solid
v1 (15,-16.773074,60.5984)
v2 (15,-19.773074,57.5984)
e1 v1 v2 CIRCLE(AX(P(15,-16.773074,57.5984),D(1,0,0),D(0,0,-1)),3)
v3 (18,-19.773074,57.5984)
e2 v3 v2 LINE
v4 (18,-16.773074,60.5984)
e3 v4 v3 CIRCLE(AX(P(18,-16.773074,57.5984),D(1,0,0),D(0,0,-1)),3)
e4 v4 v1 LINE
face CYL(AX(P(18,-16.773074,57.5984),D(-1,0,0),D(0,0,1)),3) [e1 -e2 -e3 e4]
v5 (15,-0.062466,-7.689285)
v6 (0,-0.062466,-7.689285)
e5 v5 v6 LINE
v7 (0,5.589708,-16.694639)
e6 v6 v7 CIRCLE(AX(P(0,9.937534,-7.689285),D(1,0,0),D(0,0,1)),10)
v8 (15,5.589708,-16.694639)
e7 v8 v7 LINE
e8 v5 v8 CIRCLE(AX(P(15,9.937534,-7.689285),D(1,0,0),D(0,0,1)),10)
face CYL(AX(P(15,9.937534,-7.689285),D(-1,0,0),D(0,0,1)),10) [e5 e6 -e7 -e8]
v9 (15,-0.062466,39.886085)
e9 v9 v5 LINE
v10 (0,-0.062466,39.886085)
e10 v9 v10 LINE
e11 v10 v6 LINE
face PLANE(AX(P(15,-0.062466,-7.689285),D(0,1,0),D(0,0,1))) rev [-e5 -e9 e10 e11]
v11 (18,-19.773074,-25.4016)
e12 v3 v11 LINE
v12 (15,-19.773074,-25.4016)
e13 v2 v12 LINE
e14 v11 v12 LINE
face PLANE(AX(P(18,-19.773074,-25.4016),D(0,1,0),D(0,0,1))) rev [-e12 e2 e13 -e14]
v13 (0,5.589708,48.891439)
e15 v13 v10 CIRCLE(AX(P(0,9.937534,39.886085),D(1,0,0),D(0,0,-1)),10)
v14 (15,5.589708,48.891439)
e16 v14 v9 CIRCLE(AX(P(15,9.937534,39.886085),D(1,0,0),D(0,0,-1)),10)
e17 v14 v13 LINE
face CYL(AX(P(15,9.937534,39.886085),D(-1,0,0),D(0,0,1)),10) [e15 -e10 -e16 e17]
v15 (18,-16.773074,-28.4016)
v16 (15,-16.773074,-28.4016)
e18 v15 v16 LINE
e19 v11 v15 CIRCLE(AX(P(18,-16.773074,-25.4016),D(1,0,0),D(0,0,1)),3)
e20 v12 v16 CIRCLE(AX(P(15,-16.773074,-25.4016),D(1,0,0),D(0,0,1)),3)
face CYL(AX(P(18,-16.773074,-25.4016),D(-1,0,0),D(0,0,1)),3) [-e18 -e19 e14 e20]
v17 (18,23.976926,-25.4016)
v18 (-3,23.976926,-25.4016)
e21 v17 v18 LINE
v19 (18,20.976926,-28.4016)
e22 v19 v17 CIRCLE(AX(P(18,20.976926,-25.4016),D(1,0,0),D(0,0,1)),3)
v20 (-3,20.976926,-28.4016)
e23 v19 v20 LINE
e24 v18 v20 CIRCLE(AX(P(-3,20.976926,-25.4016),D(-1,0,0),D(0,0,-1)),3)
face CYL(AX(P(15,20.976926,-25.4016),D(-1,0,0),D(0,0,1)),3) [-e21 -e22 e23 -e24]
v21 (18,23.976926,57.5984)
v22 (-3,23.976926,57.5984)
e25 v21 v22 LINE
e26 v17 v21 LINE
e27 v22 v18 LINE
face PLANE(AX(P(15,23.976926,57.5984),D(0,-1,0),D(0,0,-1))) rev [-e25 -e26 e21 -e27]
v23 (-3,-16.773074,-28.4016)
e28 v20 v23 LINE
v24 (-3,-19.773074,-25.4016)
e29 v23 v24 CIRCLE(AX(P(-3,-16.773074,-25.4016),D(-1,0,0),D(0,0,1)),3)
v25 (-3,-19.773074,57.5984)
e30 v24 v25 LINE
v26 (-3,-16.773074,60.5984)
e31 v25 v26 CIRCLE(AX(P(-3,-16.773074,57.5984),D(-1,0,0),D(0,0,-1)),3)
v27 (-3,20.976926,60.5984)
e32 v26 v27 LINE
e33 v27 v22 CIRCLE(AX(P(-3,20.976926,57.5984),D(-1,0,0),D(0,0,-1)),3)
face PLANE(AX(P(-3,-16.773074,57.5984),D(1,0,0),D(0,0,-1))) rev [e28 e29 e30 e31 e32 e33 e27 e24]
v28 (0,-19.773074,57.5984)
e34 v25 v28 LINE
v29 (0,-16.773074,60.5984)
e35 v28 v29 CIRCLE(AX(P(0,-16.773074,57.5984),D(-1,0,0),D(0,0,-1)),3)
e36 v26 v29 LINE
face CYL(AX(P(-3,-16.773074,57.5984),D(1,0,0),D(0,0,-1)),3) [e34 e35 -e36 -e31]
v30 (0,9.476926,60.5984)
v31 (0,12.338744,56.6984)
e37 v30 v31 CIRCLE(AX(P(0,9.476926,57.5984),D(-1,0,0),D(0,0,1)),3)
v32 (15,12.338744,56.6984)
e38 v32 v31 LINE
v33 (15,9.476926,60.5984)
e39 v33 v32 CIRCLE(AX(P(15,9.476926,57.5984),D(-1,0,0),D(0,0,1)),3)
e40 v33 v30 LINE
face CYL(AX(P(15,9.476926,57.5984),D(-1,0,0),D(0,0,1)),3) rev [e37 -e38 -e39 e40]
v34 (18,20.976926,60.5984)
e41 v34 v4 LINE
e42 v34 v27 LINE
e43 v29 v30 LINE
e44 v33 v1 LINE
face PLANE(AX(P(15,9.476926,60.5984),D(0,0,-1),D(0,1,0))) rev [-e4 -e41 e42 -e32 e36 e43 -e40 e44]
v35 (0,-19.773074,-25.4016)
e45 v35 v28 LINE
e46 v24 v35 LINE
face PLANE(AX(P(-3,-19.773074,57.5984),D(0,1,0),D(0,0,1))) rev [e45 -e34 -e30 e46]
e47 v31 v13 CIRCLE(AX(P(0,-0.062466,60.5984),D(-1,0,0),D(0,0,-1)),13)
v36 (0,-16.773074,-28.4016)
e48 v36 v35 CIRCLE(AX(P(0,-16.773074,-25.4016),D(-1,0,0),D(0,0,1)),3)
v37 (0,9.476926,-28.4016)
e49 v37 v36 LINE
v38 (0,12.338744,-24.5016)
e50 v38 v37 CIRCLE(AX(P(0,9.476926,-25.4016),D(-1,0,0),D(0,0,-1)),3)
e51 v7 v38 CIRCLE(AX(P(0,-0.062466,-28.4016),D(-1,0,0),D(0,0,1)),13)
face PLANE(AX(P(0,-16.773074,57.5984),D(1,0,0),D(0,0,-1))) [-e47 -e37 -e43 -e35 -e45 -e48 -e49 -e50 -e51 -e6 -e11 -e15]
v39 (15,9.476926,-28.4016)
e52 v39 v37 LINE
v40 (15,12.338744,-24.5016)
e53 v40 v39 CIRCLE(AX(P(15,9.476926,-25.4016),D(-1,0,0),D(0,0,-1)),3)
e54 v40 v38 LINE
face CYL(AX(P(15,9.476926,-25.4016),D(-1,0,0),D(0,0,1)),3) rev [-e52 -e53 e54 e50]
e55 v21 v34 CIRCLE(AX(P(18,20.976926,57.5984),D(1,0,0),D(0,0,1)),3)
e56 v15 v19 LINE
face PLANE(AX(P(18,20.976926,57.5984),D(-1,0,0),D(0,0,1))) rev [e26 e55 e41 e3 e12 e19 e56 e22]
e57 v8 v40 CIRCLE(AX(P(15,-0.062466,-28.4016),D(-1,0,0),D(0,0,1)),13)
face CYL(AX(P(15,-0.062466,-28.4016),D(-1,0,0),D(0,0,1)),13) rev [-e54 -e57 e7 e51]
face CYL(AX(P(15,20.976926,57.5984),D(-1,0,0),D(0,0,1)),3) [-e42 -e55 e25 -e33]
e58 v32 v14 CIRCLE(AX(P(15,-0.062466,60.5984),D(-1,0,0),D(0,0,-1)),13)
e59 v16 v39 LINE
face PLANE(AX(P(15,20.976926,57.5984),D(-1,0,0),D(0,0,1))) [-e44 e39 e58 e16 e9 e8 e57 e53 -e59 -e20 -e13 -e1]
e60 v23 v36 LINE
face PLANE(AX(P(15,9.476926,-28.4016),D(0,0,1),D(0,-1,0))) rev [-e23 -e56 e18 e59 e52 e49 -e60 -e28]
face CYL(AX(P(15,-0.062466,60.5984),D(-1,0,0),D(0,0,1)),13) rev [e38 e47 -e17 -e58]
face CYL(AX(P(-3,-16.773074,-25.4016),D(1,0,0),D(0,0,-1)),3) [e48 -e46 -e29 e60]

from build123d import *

# Parameters (mm, degrees)
RESSALTO_EXTRUS_O2_DEPTH = 15
RESSALTO_EXTRUS_O3_DEPTH = 3
RESSALTO_EXTRUS_O4_DEPTH = 3


with BuildPart() as part:
    # Esboço2 → Ressalto-extrusão2 (new body)
    with BuildSketch(Plane(origin=(0, 0, 0), x_dir=(0, 0, -1), z_dir=(1, 0, 0))):
        with BuildLine():
            Line((2.90159992, -0.062465938), (-35.09840008, -0.062465938))
            Line((-35.09840008, -0.062465938), (-39.886084903, -0.062465938))
            ThreePointArc((-39.886084903, -0.062465938), (-45.202180234, 1.467638524), (-48.891439328, 5.589707975))
            ThreePointArc((-48.891439328, 5.589707975), (-52.096536948, 9.772081499), (-56.69840008, 12.338743681))
            ThreePointArc((-56.69840008, 12.338743681), (-59.373224015, 11.895603401), (-60.59840008, 9.476926077))
            Line((-60.59840008, 9.476926077), (-60.59840008, 20.976926077))
            ThreePointArc((-60.59840008, 20.976926077), (-59.719720424, 23.09824642), (-57.59840008, 23.976926077))
            Line((-57.59840008, 23.976926077), (25.40159992, 23.976926077))
            ThreePointArc((25.40159992, 23.976926077), (27.522920263, 23.09824642), (28.40159992, 20.976926077))
            Line((28.40159992, 20.976926077), (28.40159992, 9.476926077))
            ThreePointArc((28.40159992, 9.476926077), (27.176423855, 11.895603401), (24.50159992, 12.338743681))
            ThreePointArc((24.50159992, 12.338743681), (19.899736788, 9.772081499), (16.694639168, 5.589707975))
            ThreePointArc((16.694639168, 5.589707975), (13.005380073, 1.467638524), (7.689284743, -0.062465938))
            Line((7.689284743, -0.062465938), (2.90159992, -0.062465938))
        make_face()
    extrude(amount=RESSALTO_EXTRUS_O2_DEPTH)

    # Esboço3 → Ressalto-extrusão3 (add)
    with BuildSketch(Plane.ZY):
        with BuildLine():
            Line((60.59840008, 15.226926077), (60.59840008, 20.976926077))
            ThreePointArc((60.59840008, 20.976926077), (59.719720424, 23.09824642), (57.59840008, 23.976926077))
            Line((57.59840008, 23.976926077), (16.09840008, 23.976926077))
            Line((16.09840008, 23.976926077), (-25.40159992, 23.976926077))
            ThreePointArc((-25.40159992, 23.976926077), (-27.522920263, 23.09824642), (-28.40159992, 20.976926077))
            Line((-28.40159992, 20.976926077), (-28.40159992, 15.226926077))
            Line((-28.40159992, 15.226926077), (-28.40159992, -16.773073923))
            ThreePointArc((-28.40159992, -16.773073923), (-27.522920263, -18.894394267), (-25.40159992, -19.773073923))
            Line((-25.40159992, -19.773073923), (57.59840008, -19.773073923))
            ThreePointArc((57.59840008, -19.773073923), (59.719720424, -18.894394267), (60.59840008, -16.773073923))
            Line((60.59840008, -16.773073923), (60.59840008, 15.226926077))
        make_face()
    extrude(amount=RESSALTO_EXTRUS_O3_DEPTH)

    # Esboço4 → Ressalto-extrusão4 (add)
    with BuildSketch(Plane(origin=(15, 0, 0), x_dir=(0, 0, -1), z_dir=(1, 0, 0))):
        with BuildLine():
            Line((-16.09840008, 23.976926077), (25.40159992, 23.976926077))
            ThreePointArc((25.40159992, 23.976926077), (27.522920263, 23.09824642), (28.40159992, 20.976926077))
            Line((28.40159992, 20.976926077), (28.40159992, 15.226926077))
            Line((28.40159992, 15.226926077), (28.40159992, -16.773073923))
            ThreePointArc((28.40159992, -16.773073923), (27.522920263, -18.894394267), (25.40159992, -19.773073923))
            Line((25.40159992, -19.773073923), (-57.59840008, -19.773073923))
            ThreePointArc((-57.59840008, -19.773073923), (-59.719720424, -18.894394267), (-60.59840008, -16.773073923))
            Line((-60.59840008, -16.773073923), (-60.59840008, 15.226926077))
            Line((-60.59840008, 15.226926077), (-60.59840008, 20.976926077))
            ThreePointArc((-60.59840008, 20.976926077), (-59.719720424, 23.09824642), (-57.59840008, 23.976926077))
            Line((-57.59840008, 23.976926077), (-16.09840008, 23.976926077))
        make_face()
    extrude(amount=RESSALTO_EXTRUS_O4_DEPTH)


solid = part.part
